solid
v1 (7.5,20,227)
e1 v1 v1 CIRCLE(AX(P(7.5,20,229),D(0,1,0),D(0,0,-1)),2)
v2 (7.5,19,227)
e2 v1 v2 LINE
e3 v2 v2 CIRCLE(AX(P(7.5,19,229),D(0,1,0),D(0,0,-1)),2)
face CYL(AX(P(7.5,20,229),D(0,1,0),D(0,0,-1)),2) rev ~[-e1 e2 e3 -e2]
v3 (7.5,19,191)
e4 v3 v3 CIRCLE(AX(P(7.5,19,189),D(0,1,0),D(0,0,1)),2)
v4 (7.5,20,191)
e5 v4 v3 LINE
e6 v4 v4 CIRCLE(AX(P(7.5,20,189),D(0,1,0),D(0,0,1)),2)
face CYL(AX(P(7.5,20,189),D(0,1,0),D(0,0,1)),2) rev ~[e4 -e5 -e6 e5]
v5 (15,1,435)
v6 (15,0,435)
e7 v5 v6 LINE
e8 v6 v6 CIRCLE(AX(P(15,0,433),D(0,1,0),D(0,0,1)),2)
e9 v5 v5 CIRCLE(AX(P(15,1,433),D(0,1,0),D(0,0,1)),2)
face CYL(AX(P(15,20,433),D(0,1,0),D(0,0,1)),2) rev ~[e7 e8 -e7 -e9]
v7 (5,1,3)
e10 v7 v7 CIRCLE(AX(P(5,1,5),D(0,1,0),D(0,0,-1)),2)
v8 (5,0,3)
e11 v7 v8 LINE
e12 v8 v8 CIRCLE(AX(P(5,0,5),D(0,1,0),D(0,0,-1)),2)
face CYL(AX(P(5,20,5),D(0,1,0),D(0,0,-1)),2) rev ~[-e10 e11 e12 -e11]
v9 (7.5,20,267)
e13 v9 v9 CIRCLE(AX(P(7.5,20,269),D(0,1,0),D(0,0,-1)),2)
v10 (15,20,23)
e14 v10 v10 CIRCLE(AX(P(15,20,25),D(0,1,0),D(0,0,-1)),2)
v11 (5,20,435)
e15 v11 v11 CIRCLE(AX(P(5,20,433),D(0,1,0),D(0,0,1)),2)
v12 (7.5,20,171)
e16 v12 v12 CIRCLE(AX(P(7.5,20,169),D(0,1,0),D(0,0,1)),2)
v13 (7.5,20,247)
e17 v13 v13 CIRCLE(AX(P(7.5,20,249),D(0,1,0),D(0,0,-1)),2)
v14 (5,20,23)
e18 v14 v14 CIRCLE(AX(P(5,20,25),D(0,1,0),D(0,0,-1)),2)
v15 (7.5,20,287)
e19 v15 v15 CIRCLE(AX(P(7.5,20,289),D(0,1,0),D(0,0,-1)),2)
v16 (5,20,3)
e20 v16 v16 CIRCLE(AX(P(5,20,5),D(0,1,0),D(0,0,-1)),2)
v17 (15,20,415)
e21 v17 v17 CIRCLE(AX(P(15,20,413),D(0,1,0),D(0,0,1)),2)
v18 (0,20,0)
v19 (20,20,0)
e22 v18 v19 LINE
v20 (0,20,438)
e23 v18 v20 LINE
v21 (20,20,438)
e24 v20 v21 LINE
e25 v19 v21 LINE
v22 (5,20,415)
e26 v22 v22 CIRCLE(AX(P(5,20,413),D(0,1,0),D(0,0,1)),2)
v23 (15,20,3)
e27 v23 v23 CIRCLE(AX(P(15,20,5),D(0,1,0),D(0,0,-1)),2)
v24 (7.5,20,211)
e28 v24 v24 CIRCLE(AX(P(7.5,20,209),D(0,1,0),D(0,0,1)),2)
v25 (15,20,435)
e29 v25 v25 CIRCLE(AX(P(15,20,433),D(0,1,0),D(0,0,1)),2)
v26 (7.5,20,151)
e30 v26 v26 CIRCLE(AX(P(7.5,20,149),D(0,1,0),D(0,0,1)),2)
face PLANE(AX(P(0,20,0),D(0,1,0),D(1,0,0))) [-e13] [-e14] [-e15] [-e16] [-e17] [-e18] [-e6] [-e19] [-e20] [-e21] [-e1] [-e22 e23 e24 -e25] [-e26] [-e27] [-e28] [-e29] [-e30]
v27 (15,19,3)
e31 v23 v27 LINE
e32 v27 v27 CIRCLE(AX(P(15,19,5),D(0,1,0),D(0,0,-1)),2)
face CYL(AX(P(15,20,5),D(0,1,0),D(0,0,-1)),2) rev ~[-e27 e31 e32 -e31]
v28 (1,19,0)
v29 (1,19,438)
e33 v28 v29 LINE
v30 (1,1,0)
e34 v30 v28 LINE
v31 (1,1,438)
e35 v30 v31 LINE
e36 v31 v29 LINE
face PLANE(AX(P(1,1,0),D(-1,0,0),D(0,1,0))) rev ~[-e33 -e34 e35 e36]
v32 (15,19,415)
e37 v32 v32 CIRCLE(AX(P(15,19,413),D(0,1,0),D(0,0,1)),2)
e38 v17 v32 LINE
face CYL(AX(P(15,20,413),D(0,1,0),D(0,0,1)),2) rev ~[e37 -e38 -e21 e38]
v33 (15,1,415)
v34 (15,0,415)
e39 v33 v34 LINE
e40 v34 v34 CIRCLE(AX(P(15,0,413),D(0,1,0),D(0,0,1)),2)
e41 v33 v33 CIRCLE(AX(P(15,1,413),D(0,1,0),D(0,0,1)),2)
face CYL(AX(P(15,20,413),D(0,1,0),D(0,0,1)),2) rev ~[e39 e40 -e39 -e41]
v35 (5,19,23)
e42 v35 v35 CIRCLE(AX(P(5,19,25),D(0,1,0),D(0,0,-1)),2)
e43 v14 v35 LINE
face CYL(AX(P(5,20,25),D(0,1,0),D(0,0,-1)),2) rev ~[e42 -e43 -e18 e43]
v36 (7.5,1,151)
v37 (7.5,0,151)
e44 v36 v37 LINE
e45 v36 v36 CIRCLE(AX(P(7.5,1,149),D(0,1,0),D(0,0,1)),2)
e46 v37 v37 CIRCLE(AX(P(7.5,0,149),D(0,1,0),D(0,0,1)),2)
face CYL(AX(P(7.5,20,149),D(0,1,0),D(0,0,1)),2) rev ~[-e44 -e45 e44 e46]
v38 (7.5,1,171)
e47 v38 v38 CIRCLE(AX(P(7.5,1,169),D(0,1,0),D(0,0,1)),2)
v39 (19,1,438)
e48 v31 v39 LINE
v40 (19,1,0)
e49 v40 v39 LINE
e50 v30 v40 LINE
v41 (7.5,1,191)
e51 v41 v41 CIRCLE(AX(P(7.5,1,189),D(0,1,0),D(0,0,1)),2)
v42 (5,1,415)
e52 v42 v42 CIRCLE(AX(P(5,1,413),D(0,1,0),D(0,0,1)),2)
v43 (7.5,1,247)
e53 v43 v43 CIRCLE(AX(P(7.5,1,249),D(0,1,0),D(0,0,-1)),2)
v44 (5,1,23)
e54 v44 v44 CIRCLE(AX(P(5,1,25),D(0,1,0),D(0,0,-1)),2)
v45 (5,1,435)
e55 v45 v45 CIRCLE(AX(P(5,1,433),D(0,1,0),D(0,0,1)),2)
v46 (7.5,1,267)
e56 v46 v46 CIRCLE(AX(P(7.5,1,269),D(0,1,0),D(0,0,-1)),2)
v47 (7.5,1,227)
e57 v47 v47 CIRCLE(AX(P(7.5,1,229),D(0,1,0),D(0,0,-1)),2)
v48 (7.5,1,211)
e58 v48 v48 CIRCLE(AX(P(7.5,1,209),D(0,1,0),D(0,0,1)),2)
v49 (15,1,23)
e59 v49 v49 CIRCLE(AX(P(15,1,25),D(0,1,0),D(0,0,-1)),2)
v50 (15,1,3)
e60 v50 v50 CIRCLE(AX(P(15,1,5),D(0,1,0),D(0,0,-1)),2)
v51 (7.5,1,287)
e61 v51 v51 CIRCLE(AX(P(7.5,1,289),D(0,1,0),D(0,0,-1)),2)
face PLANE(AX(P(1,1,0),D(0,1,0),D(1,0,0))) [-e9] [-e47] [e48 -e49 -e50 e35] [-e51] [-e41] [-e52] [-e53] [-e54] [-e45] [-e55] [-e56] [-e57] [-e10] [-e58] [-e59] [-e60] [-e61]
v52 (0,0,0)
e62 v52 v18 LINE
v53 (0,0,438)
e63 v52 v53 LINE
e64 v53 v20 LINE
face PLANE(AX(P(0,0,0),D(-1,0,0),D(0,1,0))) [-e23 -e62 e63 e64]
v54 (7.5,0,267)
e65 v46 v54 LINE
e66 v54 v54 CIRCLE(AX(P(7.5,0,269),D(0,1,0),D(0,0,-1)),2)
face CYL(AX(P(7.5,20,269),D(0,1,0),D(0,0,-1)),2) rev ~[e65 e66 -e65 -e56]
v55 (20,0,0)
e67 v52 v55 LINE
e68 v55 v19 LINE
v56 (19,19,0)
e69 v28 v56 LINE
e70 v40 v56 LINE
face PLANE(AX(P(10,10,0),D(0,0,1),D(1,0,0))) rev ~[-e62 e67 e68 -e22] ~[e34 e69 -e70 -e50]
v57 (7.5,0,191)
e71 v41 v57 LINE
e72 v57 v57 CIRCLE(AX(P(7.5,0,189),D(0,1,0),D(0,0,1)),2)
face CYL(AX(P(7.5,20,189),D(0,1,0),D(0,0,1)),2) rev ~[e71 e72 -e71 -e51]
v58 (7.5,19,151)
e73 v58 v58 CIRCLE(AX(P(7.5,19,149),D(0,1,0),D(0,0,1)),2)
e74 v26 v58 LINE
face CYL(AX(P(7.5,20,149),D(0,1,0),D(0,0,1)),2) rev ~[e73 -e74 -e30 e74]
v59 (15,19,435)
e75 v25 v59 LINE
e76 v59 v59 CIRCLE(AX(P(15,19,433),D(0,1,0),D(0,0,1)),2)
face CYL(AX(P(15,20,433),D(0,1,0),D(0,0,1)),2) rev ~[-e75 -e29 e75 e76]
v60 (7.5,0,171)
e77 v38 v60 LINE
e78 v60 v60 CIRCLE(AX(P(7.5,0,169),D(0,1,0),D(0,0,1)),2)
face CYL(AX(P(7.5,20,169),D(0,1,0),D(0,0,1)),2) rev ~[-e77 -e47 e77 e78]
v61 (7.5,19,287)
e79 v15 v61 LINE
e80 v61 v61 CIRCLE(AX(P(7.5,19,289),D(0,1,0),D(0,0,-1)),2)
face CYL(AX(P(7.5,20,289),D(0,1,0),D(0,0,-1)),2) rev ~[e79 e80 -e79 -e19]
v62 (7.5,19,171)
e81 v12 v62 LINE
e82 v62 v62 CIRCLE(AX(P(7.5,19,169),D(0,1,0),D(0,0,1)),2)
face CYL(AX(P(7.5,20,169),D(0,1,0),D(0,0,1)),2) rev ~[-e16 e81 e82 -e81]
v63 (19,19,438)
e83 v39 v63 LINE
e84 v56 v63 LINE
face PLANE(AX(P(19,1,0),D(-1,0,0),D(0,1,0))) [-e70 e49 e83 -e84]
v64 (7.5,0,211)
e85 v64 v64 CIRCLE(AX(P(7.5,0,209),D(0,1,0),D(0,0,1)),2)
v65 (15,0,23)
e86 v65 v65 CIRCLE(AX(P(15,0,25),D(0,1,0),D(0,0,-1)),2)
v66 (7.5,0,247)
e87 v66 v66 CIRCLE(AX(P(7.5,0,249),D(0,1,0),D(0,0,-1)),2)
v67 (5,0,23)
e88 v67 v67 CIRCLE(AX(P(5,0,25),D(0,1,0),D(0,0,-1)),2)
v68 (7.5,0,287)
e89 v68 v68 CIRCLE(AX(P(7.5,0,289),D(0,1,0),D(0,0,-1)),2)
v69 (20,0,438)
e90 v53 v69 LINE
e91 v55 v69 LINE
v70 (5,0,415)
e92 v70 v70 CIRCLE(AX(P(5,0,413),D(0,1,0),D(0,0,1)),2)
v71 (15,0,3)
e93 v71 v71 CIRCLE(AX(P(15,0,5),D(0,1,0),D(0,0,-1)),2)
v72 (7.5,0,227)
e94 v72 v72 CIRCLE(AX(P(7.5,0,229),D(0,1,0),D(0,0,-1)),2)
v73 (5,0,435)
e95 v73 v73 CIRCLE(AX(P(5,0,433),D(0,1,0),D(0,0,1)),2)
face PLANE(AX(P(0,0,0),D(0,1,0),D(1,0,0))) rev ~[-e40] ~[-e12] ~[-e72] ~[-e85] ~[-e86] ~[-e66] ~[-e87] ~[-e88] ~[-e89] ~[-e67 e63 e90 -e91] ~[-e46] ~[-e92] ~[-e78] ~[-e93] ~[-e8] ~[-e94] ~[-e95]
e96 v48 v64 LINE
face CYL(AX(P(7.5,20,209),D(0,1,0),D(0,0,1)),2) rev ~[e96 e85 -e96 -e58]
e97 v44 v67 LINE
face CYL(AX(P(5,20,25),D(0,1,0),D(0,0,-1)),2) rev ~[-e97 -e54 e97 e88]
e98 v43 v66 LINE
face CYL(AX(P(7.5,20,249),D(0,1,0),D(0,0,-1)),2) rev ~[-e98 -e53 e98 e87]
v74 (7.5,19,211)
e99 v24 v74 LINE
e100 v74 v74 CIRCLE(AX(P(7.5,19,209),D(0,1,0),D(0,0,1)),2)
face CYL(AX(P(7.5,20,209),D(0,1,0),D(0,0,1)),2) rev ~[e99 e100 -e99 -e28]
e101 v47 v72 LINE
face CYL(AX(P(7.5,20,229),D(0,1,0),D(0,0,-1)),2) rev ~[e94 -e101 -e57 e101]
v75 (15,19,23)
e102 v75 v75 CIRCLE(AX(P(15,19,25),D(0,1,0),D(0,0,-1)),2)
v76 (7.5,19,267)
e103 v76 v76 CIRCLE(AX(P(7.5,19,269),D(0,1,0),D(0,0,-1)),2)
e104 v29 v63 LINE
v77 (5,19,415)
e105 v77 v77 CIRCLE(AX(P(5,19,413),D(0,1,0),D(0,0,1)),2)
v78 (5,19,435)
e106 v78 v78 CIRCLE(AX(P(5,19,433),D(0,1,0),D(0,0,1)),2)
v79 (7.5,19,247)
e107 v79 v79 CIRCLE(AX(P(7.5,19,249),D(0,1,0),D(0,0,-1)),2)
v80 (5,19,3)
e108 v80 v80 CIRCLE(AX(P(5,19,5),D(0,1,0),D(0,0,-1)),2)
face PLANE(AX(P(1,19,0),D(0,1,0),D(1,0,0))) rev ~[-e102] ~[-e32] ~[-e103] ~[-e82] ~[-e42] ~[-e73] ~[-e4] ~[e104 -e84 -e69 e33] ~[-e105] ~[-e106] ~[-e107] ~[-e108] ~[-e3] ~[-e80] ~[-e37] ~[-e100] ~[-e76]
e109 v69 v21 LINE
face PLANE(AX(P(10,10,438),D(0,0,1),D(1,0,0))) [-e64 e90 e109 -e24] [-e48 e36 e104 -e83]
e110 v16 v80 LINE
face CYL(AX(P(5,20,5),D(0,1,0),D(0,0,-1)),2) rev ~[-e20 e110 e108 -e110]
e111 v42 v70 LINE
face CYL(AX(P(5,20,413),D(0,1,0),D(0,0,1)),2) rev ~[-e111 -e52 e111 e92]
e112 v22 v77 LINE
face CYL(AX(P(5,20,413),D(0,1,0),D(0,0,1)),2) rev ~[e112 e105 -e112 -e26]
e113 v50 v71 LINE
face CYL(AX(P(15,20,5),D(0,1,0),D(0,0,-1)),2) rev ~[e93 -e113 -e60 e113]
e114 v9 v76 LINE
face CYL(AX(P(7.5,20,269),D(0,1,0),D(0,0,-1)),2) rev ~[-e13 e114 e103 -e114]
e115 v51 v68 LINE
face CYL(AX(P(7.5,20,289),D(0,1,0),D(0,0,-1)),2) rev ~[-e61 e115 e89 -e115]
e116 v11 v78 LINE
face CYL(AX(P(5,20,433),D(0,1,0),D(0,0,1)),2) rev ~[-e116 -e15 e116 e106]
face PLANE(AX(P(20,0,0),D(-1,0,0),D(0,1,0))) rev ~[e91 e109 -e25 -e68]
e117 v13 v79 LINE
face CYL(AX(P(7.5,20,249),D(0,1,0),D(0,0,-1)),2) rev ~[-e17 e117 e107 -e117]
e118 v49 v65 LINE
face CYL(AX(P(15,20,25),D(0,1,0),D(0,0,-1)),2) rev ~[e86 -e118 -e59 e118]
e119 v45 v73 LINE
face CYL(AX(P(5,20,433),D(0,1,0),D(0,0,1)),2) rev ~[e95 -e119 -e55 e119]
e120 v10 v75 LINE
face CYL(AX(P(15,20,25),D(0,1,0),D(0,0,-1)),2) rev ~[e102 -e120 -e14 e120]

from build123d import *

# Parameters (mm, degrees)
SKETCH_1_W          = 20
SKETCH_1_H          = 20
SKETCH_1_W_2        = 18
SKETCH_1_H_2        = 18
EXTRUDE_1_DEPTH     = 438
SKETCH_4_R          = 2
CUT_EXTRUDE_1_DEPTH = 439.912291922


with BuildPart() as part:
    # 草图1 → 拉伸-薄壁1 (new body)
    with BuildSketch(Plane.XY):
        with Locations((10, 10)):
            Rectangle(SKETCH_1_W, SKETCH_1_H)
        with Locations((10, 10)):
            Rectangle(SKETCH_1_W_2, SKETCH_1_H_2, mode=Mode.SUBTRACT)
    extrude(amount=EXTRUDE_1_DEPTH)

    # 草图4 → 切除-拉伸1 (cut, through all)
    with BuildSketch(Plane(origin=(0, 20, 0), x_dir=(1, 0, 0), z_dir=(0, 1, 0))):
        with Locations(Location((5, -413, 0), (0, 0, 270))):
            Circle(SKETCH_4_R)
        with Locations(Location((15, -413, 0), (0, 0, 270))):
            Circle(SKETCH_4_R)
        with Locations(Location((15, -433, 0), (0, 0, 270))):
            Circle(SKETCH_4_R)
        with Locations(Location((5, -433, 0), (0, 0, 270))):
            Circle(SKETCH_4_R)
        with Locations(Location((5, -5, 0), (0, 0, 90))):
            Circle(SKETCH_4_R)
        with Locations(Location((15, -5, 0), (0, 0, 90))):
            Circle(SKETCH_4_R)
        with Locations(Location((15, -25, 0), (0, 0, 90))):
            Circle(SKETCH_4_R)
        with Locations(Location((5, -25, 0), (0, 0, 90))):
            Circle(SKETCH_4_R)
        with Locations(Location((7.5, -149, 0), (0, 0, 270))):
            Circle(SKETCH_4_R)
        with Locations(Location((7.5, -169, 0), (0, 0, 270))):
            Circle(SKETCH_4_R)
        with Locations(Location((7.5, -189, 0), (0, 0, 270))):
            Circle(SKETCH_4_R)
        with Locations(Location((7.5, -209, 0), (0, 0, 270))):
            Circle(SKETCH_4_R)
        with Locations(Location((7.5, -229, 0), (0, 0, 90))):
            Circle(SKETCH_4_R)
        with Locations(Location((7.5, -249, 0), (0, 0, 90))):
            Circle(SKETCH_4_R)
        with Locations(Location((7.5, -269, 0), (0, 0, 90))):
            Circle(SKETCH_4_R)
        with Locations(Location((7.5, -289, 0), (0, 0, 90))):
            Circle(SKETCH_4_R)
    extrude(amount=-CUT_EXTRUDE_1_DEPTH, mode=Mode.SUBTRACT)


solid = part.part
